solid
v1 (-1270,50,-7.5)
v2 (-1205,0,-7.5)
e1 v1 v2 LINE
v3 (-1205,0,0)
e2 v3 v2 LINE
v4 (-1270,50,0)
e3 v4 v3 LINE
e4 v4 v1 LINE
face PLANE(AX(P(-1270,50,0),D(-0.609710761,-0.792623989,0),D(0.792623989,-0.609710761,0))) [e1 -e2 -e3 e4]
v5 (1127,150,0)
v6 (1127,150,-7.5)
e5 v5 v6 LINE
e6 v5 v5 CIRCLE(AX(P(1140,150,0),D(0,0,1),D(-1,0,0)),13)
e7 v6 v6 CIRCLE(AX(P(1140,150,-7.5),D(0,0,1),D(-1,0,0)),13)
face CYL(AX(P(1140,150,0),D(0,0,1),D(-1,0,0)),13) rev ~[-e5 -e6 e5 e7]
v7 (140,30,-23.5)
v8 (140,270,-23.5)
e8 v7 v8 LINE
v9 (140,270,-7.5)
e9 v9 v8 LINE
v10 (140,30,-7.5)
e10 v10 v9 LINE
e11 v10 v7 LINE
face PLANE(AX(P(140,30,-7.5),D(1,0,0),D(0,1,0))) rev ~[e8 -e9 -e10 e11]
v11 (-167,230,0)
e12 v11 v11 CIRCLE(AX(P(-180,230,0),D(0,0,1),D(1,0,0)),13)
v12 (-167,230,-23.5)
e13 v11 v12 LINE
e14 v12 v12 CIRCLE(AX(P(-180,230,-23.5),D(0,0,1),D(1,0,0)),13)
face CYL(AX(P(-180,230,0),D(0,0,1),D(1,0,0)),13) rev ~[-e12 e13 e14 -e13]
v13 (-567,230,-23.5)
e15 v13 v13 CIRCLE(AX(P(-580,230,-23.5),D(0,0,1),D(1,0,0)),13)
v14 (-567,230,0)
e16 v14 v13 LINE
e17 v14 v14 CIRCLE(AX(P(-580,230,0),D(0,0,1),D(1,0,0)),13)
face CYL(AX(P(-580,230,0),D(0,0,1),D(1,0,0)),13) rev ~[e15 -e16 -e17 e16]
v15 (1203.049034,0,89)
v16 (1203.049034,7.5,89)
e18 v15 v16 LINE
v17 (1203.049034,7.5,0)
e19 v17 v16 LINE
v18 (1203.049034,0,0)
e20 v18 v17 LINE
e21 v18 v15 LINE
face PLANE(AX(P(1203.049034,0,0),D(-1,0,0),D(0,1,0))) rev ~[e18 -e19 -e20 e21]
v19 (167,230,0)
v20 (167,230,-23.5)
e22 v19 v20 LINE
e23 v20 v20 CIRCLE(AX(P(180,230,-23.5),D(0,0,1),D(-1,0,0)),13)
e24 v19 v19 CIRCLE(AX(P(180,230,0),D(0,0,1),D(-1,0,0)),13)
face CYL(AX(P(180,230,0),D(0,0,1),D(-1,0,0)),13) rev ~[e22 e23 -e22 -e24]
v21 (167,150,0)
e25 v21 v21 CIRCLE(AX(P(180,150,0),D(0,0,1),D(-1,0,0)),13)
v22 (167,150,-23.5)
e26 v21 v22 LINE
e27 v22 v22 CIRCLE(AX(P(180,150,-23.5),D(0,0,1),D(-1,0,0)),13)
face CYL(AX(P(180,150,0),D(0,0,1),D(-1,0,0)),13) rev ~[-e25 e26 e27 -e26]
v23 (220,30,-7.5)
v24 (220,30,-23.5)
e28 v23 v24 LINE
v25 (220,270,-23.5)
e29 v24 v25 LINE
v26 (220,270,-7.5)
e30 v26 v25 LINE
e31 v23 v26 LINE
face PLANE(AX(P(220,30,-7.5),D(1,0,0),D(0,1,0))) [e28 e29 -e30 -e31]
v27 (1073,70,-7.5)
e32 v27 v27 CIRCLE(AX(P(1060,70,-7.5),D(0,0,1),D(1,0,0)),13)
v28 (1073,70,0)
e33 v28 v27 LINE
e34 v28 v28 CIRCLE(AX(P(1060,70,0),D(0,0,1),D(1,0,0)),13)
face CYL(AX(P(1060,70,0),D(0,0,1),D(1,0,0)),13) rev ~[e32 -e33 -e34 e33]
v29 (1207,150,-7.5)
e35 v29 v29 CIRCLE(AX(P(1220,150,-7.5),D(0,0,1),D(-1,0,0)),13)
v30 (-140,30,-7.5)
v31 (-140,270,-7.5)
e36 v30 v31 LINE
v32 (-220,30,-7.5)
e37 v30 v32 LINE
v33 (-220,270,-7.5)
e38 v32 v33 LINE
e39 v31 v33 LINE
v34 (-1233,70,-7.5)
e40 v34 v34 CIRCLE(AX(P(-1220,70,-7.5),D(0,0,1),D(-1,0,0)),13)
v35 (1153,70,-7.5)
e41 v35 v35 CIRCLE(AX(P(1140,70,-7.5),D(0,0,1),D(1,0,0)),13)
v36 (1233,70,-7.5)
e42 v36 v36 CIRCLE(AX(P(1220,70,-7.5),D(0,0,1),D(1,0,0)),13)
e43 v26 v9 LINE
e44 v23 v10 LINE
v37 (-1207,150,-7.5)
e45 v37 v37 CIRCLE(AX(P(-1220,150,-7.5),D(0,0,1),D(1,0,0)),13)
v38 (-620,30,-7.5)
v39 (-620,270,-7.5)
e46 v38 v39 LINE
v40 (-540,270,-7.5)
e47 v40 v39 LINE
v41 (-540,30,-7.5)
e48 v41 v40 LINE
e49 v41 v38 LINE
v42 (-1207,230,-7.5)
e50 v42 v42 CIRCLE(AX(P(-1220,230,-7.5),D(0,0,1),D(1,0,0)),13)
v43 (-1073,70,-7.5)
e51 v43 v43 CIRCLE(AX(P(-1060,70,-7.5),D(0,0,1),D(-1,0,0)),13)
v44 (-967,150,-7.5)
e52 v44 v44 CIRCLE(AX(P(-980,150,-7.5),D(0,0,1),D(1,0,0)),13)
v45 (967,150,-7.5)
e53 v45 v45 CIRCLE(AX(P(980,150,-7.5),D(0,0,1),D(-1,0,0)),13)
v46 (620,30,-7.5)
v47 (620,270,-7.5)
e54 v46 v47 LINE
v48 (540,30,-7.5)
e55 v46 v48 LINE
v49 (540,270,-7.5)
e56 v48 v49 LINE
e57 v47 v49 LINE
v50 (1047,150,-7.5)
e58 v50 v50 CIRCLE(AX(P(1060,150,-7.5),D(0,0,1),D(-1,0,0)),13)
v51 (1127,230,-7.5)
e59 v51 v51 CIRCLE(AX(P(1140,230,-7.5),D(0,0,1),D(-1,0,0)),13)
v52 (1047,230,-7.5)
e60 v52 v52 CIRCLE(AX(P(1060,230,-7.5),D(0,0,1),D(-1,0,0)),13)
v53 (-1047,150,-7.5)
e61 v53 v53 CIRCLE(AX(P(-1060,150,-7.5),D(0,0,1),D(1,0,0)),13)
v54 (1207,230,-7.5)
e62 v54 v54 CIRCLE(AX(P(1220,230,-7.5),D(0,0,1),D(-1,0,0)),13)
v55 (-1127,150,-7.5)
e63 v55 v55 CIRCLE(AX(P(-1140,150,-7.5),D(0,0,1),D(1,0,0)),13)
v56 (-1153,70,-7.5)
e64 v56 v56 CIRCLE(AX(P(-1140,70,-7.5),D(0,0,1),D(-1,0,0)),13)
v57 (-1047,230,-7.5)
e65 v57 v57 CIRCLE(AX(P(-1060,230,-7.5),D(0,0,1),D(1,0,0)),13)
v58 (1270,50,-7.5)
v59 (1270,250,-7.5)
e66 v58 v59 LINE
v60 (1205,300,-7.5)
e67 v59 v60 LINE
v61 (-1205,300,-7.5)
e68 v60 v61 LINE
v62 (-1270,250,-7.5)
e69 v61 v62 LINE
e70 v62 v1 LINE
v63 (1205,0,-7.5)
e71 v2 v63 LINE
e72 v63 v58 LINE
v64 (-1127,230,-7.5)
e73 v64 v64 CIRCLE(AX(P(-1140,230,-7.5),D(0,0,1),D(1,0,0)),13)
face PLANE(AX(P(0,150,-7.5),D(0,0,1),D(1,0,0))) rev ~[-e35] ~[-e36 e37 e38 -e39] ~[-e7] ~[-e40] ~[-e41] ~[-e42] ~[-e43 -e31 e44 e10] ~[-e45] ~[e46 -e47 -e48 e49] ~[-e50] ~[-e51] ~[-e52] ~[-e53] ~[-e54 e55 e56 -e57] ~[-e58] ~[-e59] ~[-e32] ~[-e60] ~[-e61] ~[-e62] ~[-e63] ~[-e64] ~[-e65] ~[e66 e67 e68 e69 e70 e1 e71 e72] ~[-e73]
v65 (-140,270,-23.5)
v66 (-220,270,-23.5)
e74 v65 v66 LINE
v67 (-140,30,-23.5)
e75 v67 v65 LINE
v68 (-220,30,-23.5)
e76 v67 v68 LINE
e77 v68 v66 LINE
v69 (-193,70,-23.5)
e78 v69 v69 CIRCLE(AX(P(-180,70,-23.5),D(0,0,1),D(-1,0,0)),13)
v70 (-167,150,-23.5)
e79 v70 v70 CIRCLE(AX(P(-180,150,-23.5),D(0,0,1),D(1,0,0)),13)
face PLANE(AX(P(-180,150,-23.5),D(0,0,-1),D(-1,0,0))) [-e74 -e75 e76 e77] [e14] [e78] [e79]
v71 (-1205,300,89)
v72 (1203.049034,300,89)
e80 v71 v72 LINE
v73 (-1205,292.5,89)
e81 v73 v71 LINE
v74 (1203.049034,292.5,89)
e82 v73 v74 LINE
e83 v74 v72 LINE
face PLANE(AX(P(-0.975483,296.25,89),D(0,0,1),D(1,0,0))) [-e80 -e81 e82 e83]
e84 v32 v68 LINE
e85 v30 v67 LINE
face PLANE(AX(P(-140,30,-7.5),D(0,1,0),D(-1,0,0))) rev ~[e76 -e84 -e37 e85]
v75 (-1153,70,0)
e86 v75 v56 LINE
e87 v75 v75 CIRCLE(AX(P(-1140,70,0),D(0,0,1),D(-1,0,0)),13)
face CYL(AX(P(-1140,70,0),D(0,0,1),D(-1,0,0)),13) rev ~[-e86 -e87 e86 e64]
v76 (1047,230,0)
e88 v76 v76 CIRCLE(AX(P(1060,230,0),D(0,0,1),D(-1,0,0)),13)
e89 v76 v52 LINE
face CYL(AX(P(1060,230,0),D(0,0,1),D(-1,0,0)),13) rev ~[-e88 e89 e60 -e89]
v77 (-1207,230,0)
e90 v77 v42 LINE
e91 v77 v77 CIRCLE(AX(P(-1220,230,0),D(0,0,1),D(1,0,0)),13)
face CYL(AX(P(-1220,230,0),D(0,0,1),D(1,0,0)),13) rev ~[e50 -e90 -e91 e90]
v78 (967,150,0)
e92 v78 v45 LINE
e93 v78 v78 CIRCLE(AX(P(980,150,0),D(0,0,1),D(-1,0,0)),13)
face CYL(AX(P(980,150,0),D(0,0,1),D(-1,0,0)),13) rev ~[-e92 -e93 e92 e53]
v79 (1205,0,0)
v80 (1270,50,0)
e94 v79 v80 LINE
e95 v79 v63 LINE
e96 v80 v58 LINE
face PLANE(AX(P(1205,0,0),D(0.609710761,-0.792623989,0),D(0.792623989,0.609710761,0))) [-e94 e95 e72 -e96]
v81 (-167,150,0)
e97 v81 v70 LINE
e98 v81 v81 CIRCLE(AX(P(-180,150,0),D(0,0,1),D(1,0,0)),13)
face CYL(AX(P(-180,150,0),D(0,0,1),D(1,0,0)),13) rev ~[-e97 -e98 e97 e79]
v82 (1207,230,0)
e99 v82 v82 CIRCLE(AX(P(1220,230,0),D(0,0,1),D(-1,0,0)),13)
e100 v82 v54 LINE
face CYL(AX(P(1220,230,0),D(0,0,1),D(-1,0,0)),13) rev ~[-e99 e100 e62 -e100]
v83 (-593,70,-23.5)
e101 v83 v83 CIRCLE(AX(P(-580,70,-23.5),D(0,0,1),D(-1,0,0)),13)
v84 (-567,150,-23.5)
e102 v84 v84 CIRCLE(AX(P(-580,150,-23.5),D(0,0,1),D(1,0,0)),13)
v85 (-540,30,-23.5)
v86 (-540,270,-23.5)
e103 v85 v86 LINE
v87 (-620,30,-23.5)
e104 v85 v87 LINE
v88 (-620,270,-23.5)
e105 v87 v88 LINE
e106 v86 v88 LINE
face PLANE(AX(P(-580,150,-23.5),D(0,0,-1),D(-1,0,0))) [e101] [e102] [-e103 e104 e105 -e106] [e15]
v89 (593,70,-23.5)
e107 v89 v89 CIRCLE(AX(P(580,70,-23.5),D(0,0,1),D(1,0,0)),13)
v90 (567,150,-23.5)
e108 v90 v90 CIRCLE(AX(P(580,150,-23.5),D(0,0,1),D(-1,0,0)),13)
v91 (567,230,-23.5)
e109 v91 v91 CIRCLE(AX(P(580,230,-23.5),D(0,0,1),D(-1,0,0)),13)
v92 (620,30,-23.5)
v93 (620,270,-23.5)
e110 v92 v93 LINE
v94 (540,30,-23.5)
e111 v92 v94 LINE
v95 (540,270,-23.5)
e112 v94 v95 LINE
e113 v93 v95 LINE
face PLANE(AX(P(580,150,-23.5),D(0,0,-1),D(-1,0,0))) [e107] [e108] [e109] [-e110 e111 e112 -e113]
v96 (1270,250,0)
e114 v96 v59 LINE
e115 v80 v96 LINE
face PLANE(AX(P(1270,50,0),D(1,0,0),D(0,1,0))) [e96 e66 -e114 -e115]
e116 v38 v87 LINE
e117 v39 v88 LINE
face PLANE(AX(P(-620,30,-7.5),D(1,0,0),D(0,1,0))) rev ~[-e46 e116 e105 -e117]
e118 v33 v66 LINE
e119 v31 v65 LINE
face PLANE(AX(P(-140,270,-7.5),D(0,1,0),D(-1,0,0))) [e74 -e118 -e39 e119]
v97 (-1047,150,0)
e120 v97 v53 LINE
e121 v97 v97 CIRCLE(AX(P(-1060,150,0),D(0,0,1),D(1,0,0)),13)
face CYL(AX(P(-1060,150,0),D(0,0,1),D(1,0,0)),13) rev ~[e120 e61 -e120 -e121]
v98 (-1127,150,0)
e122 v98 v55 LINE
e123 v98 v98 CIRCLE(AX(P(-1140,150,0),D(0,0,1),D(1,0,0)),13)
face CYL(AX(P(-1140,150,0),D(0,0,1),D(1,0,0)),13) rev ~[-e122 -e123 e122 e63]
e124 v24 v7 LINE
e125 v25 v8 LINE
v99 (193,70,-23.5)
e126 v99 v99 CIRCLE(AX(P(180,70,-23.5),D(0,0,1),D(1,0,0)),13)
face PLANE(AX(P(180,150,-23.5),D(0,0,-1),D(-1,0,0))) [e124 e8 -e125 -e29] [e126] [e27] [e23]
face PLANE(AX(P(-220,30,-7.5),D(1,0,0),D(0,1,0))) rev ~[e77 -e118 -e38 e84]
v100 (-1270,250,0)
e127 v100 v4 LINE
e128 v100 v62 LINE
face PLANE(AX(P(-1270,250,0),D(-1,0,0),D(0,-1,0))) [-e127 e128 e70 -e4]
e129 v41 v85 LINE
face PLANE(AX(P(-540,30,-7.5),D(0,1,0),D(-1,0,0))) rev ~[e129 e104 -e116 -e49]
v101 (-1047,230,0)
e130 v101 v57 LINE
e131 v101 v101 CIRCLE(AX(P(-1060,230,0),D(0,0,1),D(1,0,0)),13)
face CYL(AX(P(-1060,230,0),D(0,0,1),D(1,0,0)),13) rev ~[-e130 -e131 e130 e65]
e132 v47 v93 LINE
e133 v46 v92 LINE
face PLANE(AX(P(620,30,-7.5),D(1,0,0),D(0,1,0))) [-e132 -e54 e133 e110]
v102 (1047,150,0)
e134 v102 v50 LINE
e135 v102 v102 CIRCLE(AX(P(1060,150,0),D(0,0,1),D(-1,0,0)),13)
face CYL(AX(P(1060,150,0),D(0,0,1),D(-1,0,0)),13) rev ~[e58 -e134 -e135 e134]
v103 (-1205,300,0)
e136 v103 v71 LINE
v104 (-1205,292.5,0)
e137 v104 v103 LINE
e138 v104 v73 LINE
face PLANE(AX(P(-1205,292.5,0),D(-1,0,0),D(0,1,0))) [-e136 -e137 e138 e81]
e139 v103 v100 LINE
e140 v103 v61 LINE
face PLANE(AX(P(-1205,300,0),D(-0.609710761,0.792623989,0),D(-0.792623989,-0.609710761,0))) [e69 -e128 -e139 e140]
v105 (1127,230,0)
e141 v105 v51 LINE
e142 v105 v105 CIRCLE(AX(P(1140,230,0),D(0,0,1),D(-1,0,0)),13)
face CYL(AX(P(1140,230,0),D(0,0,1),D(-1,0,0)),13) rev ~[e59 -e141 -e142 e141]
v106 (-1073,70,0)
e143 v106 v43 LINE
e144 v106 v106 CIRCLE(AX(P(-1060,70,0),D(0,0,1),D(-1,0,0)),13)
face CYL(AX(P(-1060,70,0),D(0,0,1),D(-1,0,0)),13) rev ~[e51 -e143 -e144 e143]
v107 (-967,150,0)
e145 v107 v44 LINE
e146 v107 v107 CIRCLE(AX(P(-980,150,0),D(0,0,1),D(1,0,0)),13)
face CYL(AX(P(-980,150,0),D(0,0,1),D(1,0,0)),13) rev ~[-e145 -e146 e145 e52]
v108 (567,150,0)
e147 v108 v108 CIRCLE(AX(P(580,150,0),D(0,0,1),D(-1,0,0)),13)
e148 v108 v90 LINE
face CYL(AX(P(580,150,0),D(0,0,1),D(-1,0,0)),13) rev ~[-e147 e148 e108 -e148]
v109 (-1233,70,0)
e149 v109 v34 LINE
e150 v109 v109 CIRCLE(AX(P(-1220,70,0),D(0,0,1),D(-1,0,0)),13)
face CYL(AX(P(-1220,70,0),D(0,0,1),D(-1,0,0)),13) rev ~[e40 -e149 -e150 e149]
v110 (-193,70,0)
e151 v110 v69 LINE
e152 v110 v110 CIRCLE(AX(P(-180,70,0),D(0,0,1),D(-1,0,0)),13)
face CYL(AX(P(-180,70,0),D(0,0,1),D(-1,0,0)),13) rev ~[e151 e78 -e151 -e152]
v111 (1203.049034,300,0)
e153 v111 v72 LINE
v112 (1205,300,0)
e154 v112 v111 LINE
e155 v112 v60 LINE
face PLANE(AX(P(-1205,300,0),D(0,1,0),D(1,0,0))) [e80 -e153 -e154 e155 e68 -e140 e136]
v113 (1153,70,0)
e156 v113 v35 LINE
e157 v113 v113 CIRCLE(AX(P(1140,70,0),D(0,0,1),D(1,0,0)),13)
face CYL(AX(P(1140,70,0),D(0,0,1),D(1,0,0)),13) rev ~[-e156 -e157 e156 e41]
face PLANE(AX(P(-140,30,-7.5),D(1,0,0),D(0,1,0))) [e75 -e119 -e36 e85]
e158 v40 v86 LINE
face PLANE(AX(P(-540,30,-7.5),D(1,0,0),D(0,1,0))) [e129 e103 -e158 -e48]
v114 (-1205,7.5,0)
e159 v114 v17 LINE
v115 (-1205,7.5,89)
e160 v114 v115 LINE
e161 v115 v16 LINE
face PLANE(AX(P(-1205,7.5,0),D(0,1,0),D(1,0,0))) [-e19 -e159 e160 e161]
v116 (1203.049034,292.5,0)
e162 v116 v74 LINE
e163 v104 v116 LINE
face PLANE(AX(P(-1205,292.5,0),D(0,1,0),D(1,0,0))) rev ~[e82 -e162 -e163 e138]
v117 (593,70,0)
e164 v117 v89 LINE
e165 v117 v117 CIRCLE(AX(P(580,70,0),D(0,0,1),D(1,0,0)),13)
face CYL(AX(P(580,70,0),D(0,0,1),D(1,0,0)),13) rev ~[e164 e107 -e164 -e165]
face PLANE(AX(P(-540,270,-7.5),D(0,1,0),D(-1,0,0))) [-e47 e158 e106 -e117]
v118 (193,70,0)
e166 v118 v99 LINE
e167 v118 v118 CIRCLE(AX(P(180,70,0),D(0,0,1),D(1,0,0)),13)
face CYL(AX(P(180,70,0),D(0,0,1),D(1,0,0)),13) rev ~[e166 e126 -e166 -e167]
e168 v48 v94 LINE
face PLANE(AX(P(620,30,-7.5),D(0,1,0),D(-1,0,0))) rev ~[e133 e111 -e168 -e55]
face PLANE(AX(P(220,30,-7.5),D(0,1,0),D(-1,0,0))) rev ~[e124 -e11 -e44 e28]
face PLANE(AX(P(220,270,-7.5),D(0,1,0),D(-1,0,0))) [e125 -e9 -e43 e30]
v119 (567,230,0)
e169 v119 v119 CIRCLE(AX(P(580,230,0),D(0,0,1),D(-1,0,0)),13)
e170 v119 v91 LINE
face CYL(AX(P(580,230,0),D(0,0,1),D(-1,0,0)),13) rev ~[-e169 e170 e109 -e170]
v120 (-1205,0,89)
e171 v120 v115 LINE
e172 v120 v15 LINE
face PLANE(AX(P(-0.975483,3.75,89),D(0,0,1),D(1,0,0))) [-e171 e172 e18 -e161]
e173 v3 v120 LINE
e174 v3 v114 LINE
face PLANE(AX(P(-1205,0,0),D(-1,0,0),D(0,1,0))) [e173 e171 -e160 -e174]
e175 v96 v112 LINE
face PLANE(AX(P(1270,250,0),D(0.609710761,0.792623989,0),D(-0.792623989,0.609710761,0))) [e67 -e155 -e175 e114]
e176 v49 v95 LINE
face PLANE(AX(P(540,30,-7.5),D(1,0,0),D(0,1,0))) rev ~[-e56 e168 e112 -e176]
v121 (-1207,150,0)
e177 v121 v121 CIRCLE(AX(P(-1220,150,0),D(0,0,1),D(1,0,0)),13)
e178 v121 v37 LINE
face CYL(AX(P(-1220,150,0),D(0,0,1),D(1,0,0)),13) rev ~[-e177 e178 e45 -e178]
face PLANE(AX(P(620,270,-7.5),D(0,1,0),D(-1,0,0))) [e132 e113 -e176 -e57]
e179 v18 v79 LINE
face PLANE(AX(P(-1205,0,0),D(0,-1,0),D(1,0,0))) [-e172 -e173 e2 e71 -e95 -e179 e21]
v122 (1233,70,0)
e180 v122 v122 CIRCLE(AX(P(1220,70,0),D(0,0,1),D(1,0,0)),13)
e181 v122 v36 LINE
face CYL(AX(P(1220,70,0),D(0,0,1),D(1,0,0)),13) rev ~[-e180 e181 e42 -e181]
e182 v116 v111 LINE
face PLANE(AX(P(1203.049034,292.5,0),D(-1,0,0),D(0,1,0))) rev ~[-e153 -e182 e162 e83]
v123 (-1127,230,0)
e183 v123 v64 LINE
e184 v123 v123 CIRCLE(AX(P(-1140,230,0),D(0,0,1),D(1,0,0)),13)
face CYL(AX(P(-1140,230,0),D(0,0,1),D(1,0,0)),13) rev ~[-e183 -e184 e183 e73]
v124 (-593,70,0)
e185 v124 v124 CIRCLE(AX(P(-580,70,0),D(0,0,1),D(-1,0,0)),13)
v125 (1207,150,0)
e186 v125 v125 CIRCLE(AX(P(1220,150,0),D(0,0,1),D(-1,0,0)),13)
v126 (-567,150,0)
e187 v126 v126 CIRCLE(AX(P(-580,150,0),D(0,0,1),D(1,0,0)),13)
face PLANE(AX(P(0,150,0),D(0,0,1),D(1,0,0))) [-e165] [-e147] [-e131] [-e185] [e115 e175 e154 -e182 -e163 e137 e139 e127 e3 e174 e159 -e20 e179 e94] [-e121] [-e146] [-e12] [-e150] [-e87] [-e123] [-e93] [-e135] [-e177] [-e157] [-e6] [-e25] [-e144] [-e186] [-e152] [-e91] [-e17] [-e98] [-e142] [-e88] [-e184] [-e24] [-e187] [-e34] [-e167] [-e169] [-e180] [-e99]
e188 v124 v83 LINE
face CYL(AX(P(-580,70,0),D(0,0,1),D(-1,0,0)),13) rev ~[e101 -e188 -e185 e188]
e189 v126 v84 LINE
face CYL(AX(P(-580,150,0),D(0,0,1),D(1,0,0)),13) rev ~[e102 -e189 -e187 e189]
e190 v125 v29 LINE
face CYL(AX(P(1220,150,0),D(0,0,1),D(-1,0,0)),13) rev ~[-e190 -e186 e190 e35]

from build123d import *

# Parameters (mm, degrees)
SKETCH_1_R          = 13
EXTRUDE_634_DEPTH   = 7.5
SKETCH_2_W          = 2408.049034164
SKETCH_2_H          = 7.5
EXTRUDE_1_DEPTH     = 89
SKETCH_3_W          = 80
SKETCH_3_H          = 240
EXTRUDE_2_DEPTH     = 16
SKETCH_4_R          = 13
CUT_EXTRUDE_1_DEPTH = 1308.983562588


with BuildPart() as part:
    # 草图1 → Extrude 634 (new body)
    with BuildSketch(Plane.XY):
        Polygon((-1205, 0), (1205, 0), (1270, 50), (1270, 250), (1205, 300), (-1205, 300), (-1270, 250), (-1270, 50), align=None)
        with Locations((-1220, 230)):
            Circle(SKETCH_1_R, mode=Mode.SUBTRACT)
        with Locations((-1220, 150)):
            Circle(SKETCH_1_R, mode=Mode.SUBTRACT)
        with Locations((-1140, 230)):
            Circle(SKETCH_1_R, mode=Mode.SUBTRACT)
        with Locations((-1140, 150)):
            Circle(SKETCH_1_R, mode=Mode.SUBTRACT)
        with Locations((-1060, 230)):
            Circle(SKETCH_1_R, mode=Mode.SUBTRACT)
        with Locations((-1060, 150)):
            Circle(SKETCH_1_R, mode=Mode.SUBTRACT)
        with Locations((-980, 150)):
            Circle(SKETCH_1_R, mode=Mode.SUBTRACT)
        with Locations(Location((-1060, 70, 0), (0, 0, 180))):
            Circle(SKETCH_1_R, mode=Mode.SUBTRACT)
        with Locations(Location((-1140, 70, 0), (0, 0, 180))):
            Circle(SKETCH_1_R, mode=Mode.SUBTRACT)
        with Locations(Location((-1220, 70, 0), (0, 0, 180))):
            Circle(SKETCH_1_R, mode=Mode.SUBTRACT)
        with Locations((1220, 70)):
            Circle(SKETCH_1_R, mode=Mode.SUBTRACT)
        with Locations((1140, 70)):
            Circle(SKETCH_1_R, mode=Mode.SUBTRACT)
        with Locations((1060, 70)):
            Circle(SKETCH_1_R, mode=Mode.SUBTRACT)
        with Locations(Location((980, 150, 0), (0, 0, 180))):
            Circle(SKETCH_1_R, mode=Mode.SUBTRACT)
        with Locations(Location((1060, 150, 0), (0, 0, 180))):
            Circle(SKETCH_1_R, mode=Mode.SUBTRACT)
        with Locations(Location((1060, 230, 0), (0, 0, 180))):
            Circle(SKETCH_1_R, mode=Mode.SUBTRACT)
        with Locations(Location((1140, 150, 0), (0, 0, 180))):
            Circle(SKETCH_1_R, mode=Mode.SUBTRACT)
        with Locations(Location((1140, 230, 0), (0, 0, 180))):
            Circle(SKETCH_1_R, mode=Mode.SUBTRACT)
        with Locations(Location((1220, 150, 0), (0, 0, 180))):
            Circle(SKETCH_1_R, mode=Mode.SUBTRACT)
        with Locations(Location((1220, 230, 0), (0, 0, 180))):
            Circle(SKETCH_1_R, mode=Mode.SUBTRACT)
    extrude(amount=-EXTRUDE_634_DEPTH)

    # 草图2 → 凸台-拉伸1 (add)
    with BuildSketch(Plane.XY):
        with Locations((-0.975482918, 296.25)):
            Rectangle(SKETCH_2_W, SKETCH_2_H)
        with Locations((-0.975482918, 3.75)):
            Rectangle(SKETCH_2_W, SKETCH_2_H)
    extrude(amount=EXTRUDE_1_DEPTH)

    # 草图3 → 凸台-拉伸2 (add)
    with BuildSketch(Plane(origin=(0, 0, -7.5), x_dir=(-1, 0, 0), z_dir=(0, 0, -1))):
        with Locations((-580, 150)):
            Rectangle(SKETCH_3_W, SKETCH_3_H)
        with Locations((-180, 150)):
            Rectangle(SKETCH_3_W, SKETCH_3_H)
        with Locations((180, 150)):
            Rectangle(SKETCH_3_W, SKETCH_3_H)
        with Locations((580, 150)):
            Rectangle(SKETCH_3_W, SKETCH_3_H)
    extrude(amount=EXTRUDE_2_DEPTH)

    # 草图4 → 切除-拉伸1 (cut, through all)
    with BuildSketch(Plane.XY):
        with Locations((-580, 230)):
            Circle(SKETCH_4_R)
        with Locations((-580, 150)):
            Circle(SKETCH_4_R)
        with Locations((-180, 230)):
            Circle(SKETCH_4_R)
        with Locations((-180, 150)):
            Circle(SKETCH_4_R)
        with Locations(Location((-180, 70, 0), (0, 0, 180))):
            Circle(SKETCH_4_R)
        with Locations(Location((-580, 70, 0), (0, 0, 180))):
            Circle(SKETCH_4_R)
        with Locations((580, 70)):
            Circle(SKETCH_4_R)
        with Locations((180, 70)):
            Circle(SKETCH_4_R)
        with Locations(Location((180, 150, 0), (0, 0, 180))):
            Circle(SKETCH_4_R)
        with Locations(Location((180, 230, 0), (0, 0, 180))):
            Circle(SKETCH_4_R)
        with Locations(Location((580, 150, 0), (0, 0, 180))):
            Circle(SKETCH_4_R)
        with Locations(Location((580, 230, 0), (0, 0, 180))):
            Circle(SKETCH_4_R)
    extrude(amount=-CUT_EXTRUDE_1_DEPTH, mode=Mode.SUBTRACT)


solid = part.part
